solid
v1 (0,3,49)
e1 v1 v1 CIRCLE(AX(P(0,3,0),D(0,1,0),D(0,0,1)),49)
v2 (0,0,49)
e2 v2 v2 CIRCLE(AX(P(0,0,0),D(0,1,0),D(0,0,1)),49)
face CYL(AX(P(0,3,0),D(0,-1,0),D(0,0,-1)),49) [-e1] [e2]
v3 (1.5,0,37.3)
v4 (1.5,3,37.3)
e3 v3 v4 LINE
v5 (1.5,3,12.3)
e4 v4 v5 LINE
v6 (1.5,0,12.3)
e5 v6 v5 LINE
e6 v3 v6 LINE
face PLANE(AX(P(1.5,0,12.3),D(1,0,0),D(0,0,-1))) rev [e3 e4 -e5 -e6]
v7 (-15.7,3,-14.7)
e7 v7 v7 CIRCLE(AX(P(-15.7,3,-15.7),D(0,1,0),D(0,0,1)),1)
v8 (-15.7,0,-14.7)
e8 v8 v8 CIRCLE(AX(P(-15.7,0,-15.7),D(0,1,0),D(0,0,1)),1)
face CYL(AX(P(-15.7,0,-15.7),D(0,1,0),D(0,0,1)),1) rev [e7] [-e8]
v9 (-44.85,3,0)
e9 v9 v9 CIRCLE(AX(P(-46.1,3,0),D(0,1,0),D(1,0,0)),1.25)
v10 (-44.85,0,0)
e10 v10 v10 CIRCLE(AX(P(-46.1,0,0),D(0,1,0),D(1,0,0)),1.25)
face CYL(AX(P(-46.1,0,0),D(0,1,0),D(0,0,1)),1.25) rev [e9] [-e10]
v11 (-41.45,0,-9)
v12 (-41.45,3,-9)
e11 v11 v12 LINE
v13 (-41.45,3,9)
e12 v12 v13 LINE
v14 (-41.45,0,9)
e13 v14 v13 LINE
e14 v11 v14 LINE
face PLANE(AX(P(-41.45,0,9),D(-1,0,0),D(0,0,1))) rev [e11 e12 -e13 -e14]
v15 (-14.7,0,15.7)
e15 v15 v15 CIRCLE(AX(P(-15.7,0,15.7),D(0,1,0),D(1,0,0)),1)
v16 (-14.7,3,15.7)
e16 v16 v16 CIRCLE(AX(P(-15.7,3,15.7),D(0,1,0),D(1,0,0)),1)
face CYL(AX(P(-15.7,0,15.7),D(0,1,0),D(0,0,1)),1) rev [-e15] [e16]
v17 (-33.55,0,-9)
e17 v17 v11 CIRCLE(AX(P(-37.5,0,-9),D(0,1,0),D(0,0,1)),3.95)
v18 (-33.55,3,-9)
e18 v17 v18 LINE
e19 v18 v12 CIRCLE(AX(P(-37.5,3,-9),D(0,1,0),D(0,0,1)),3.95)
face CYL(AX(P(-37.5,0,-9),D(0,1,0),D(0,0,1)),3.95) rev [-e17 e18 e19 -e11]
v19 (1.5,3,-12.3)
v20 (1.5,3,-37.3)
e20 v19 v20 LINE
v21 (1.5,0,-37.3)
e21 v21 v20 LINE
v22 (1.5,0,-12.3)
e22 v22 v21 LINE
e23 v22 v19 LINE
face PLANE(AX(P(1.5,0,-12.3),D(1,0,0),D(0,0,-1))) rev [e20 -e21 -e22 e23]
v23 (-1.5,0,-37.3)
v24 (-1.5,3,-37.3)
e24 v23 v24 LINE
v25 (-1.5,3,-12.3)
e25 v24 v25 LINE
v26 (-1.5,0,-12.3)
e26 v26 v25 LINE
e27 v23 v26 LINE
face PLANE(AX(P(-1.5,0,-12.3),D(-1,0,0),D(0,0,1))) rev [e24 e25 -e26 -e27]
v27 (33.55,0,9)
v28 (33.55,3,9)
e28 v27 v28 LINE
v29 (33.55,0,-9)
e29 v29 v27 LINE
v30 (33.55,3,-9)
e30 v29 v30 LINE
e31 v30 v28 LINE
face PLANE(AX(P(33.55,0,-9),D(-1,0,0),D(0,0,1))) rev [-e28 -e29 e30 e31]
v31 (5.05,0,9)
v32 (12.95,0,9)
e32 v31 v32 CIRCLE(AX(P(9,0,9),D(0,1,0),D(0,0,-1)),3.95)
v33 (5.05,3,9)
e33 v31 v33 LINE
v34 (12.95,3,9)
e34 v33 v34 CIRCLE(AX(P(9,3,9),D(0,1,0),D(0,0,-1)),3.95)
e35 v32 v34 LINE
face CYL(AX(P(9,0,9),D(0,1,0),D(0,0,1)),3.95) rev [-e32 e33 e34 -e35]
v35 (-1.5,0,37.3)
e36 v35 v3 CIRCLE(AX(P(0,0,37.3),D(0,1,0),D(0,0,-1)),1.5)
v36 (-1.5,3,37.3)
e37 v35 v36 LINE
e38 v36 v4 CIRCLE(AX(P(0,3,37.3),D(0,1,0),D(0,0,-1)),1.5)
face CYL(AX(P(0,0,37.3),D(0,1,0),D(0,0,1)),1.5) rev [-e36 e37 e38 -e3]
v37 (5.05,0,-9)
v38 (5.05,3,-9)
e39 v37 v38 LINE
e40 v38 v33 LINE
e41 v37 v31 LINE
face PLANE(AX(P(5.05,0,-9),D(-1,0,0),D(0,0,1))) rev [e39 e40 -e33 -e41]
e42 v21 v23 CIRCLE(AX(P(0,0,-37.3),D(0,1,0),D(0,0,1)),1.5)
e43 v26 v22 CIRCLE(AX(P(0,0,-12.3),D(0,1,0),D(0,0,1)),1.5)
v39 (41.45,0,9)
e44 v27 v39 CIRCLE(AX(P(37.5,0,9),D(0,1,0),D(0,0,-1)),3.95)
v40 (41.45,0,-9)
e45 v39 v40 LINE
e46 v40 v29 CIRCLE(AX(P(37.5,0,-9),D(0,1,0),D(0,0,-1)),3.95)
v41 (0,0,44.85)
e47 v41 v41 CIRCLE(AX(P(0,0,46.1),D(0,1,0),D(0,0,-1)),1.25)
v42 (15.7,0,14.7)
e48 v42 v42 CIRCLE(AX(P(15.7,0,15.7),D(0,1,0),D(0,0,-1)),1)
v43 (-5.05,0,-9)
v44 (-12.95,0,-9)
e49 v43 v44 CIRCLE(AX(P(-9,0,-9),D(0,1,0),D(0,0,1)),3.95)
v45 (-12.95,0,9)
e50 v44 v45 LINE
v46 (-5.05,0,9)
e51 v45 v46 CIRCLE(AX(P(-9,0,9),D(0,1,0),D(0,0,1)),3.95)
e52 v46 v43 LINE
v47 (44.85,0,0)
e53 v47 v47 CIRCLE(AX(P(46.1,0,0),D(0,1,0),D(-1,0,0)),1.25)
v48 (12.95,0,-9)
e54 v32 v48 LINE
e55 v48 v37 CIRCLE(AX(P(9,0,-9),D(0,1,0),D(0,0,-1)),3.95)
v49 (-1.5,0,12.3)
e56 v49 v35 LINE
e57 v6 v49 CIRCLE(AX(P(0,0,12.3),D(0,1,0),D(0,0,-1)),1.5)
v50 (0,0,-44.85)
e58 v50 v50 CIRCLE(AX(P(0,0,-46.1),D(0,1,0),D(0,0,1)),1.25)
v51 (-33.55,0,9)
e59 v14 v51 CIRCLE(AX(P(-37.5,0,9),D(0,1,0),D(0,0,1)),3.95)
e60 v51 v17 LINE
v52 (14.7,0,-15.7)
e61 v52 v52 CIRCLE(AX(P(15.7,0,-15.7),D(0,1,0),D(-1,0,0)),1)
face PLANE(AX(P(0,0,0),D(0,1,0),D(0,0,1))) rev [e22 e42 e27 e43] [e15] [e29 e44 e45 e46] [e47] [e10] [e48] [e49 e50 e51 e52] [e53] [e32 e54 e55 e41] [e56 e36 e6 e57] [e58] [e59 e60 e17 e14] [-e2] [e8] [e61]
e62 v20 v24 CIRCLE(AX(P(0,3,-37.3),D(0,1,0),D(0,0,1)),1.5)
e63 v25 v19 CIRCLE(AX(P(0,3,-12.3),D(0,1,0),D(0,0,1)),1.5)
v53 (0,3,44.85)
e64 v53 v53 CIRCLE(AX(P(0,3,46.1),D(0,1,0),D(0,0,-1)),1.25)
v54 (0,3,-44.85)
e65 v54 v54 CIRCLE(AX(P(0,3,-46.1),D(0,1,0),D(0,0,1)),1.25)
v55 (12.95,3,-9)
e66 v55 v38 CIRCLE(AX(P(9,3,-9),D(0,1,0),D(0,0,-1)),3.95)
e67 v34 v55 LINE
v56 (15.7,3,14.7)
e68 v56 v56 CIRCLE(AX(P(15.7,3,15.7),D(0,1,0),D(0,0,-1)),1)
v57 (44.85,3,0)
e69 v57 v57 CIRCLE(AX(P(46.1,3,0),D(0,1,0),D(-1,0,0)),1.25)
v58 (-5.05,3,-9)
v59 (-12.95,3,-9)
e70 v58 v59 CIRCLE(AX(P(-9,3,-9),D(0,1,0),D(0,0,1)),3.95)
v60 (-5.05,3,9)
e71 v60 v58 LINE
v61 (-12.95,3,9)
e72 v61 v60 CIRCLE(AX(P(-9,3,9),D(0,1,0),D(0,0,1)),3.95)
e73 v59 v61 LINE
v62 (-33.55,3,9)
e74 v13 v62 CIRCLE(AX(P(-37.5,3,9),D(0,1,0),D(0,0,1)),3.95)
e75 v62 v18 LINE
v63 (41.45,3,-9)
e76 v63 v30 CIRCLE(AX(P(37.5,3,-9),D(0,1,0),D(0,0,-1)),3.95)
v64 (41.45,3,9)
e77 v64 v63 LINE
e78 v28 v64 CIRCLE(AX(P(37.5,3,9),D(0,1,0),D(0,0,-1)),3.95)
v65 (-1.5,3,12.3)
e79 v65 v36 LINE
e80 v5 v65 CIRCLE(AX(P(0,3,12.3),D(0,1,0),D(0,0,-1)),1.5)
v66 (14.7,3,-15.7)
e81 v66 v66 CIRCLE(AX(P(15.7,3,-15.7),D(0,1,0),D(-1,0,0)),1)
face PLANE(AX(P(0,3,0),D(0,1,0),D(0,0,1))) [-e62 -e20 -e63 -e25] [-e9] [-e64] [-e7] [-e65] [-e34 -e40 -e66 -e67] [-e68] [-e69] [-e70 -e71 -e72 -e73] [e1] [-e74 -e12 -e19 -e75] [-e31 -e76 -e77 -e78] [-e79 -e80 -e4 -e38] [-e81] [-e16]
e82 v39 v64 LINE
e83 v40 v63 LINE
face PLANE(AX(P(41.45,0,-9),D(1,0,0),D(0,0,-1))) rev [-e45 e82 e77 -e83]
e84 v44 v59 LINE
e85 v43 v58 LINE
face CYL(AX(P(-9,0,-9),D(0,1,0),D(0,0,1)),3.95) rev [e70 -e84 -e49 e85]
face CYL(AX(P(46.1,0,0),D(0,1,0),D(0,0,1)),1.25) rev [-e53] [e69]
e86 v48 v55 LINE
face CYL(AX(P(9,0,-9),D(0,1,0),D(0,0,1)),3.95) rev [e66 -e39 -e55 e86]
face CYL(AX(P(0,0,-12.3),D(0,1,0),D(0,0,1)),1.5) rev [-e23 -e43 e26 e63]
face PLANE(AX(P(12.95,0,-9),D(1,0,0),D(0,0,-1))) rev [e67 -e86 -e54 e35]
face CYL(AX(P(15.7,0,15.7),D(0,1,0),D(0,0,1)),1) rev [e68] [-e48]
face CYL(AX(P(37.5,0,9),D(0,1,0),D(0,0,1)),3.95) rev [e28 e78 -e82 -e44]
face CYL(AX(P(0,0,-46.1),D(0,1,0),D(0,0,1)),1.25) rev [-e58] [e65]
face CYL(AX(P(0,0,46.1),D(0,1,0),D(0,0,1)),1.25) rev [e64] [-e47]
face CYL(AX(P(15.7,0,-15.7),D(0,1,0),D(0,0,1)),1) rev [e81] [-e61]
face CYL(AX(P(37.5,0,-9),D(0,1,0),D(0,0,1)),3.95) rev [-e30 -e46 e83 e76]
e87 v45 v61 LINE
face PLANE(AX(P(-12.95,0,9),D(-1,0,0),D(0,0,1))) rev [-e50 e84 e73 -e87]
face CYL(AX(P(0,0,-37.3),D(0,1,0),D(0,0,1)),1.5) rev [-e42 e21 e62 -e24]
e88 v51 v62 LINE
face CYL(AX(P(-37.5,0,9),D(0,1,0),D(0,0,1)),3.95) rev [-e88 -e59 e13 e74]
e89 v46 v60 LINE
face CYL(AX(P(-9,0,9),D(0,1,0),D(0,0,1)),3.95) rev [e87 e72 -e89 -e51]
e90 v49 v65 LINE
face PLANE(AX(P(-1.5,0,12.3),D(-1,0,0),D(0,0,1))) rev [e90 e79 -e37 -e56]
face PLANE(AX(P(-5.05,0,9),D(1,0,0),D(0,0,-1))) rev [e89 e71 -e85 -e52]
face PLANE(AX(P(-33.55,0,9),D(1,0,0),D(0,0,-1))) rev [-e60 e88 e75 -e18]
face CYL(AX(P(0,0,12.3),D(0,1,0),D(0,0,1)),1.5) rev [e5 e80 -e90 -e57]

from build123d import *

# Parameters (mm, degrees)
SKETCH_1_R                      = 49
EXTRUDE_1_DEPTH                 = 3
CUT_EXTRUDE_1_DEPTH             = 4
PATTERN_CIRCULAR_2_COUNT        = 2
CUT_EXTRUDE_3_DEPTH             = 4
PATTERN_LINEAR_1_COUNT          = 2
PATTERN_LINEAR_1_PITCH          = 28.5
PATTERN_CIRCULAR_5_COUNT        = 2
PATTERN_CIRCULAR_5_COPY_1_DEPTH = 4
SKETCH_14_R                     = 1.25
CUT_EXTRUDE_4_DEPTH             = 4
PATTERN_CIRCULAR_6_COUNT        = 4
SKETCH_8_R                      = 1
CUT_EXTRUDE_5_DEPTH             = 4
PATTERN_CIRCULAR_7_COUNT        = 4


with BuildPart() as part:
    # 草图1 → 凸台-拉伸1 (new body)
    with BuildSketch(Plane(origin=(0, 0, 0), x_dir=(1, 0, 0), z_dir=(0, 1, 0))):
        Circle(SKETCH_1_R)
    extrude(amount=EXTRUDE_1_DEPTH)

    # 草图6 → 切除-拉伸1 (cut, through all)
    with BuildSketch(Plane(origin=(0, 3, 0), x_dir=(1, 0, 0), z_dir=(0, 1, 0))):
        with BuildLine():
            Line((-1.5, 12.3), (-1.5, 37.3))
            ThreePointArc((-1.5, 37.3), (0, 38.8), (1.5, 37.3))
            Line((1.5, 37.3), (1.5, 12.3))
            ThreePointArc((1.5, 12.3), (0, 10.8), (-1.5, 12.3))
        make_face()
    cut_extrude_1 = extrude(amount=-CUT_EXTRUDE_1_DEPTH, mode=Mode.SUBTRACT)

    # 阵列(圆周)2: 切除-拉伸1 ×2 about axis
    pattern_circular_2_axis = Axis((0, 0, 0), (0, 1, 0))
    for i in range(1, PATTERN_CIRCULAR_2_COUNT):
        add(cut_extrude_1.rotate(pattern_circular_2_axis, i * 360 / PATTERN_CIRCULAR_2_COUNT), mode=Mode.SUBTRACT)

    # 草图9 → 切除-拉伸3 (cut, through all)
    with BuildSketch(Plane(origin=(0, 3, 0), x_dir=(1, 0, 0), z_dir=(0, 1, 0))):
        with BuildLine():
            Line((-12.95, -9), (-12.95, 9))
            ThreePointArc((-12.95, 9), (-9, 12.95), (-5.05, 9))
            Line((-5.05, 9), (-5.05, -9))
            ThreePointArc((-5.05, -9), (-9, -12.95), (-12.95, -9))
        make_face()
    cut_extrude_3 = extrude(amount=-CUT_EXTRUDE_3_DEPTH, mode=Mode.SUBTRACT)

    # 阵列(线性)1: 切除-拉伸3 ×2
    with Locations(*[(-i * PATTERN_LINEAR_1_PITCH, 0, 0) for i in range(1, PATTERN_LINEAR_1_COUNT)]):
        add(cut_extrude_3, mode=Mode.SUBTRACT)

    # 阵列(圆周)5: 切除-拉伸3 ×2 about axis
    pattern_circular_5_axis = Axis((0, 0, 0), (0, 1, 0))
    for i in range(1, PATTERN_CIRCULAR_5_COUNT):
        add(cut_extrude_3.rotate(pattern_circular_5_axis, i * 360 / PATTERN_CIRCULAR_5_COUNT), mode=Mode.SUBTRACT)

    # 阵列(圆周)5 copy 1 sketch → 阵列(圆周)5 copy 1 (cut, through all)
    with BuildSketch(Plane(origin=(28.5, 3, 0), x_dir=(-1, 0, 0), z_dir=(0, 1, 0))):
        with BuildLine():
            Line((-12.95, -9), (-12.95, 9))
            ThreePointArc((-12.95, 9), (-9, 12.95), (-5.05, 9))
            Line((-5.05, 9), (-5.05, -9))
            ThreePointArc((-5.05, -9), (-9, -12.95), (-12.95, -9))
        make_face()
    extrude(amount=-PATTERN_CIRCULAR_5_COPY_1_DEPTH, mode=Mode.SUBTRACT)

    # 草图14 → 切除-拉伸4 (cut, through all)
    with BuildSketch(Plane(origin=(0, 3, 0), x_dir=(1, 0, 0), z_dir=(0, 1, 0))):
        with Locations((0, 46.1)):
            Circle(SKETCH_14_R)
    cut_extrude_4 = extrude(amount=-CUT_EXTRUDE_4_DEPTH, mode=Mode.SUBTRACT)

    # 阵列(圆周)6: 切除-拉伸4 ×4 about axis
    pattern_circular_6_axis = Axis((0, 0, 0), (0, 1, 0))
    for i in range(1, PATTERN_CIRCULAR_6_COUNT):
        add(cut_extrude_4.rotate(pattern_circular_6_axis, i * 360 / PATTERN_CIRCULAR_6_COUNT), mode=Mode.SUBTRACT)

    # 草图8 → 切除-拉伸5 (cut, through all)
    with BuildSketch(Plane(origin=(0, 3, 0), x_dir=(1, 0, 0), z_dir=(0, 1, 0))):
        with Locations((-15.7, 15.7)):
            Circle(SKETCH_8_R)
    cut_extrude_5 = extrude(amount=-CUT_EXTRUDE_5_DEPTH, mode=Mode.SUBTRACT)

    # 阵列(圆周)7: 切除-拉伸5 ×4 about axis
    pattern_circular_7_axis = Axis((0, 0, 0), (0, 1, 0))
    for i in range(1, PATTERN_CIRCULAR_7_COUNT):
        add(cut_extrude_5.rotate(pattern_circular_7_axis, i * 360 / PATTERN_CIRCULAR_7_COUNT), mode=Mode.SUBTRACT)


solid = part.part
